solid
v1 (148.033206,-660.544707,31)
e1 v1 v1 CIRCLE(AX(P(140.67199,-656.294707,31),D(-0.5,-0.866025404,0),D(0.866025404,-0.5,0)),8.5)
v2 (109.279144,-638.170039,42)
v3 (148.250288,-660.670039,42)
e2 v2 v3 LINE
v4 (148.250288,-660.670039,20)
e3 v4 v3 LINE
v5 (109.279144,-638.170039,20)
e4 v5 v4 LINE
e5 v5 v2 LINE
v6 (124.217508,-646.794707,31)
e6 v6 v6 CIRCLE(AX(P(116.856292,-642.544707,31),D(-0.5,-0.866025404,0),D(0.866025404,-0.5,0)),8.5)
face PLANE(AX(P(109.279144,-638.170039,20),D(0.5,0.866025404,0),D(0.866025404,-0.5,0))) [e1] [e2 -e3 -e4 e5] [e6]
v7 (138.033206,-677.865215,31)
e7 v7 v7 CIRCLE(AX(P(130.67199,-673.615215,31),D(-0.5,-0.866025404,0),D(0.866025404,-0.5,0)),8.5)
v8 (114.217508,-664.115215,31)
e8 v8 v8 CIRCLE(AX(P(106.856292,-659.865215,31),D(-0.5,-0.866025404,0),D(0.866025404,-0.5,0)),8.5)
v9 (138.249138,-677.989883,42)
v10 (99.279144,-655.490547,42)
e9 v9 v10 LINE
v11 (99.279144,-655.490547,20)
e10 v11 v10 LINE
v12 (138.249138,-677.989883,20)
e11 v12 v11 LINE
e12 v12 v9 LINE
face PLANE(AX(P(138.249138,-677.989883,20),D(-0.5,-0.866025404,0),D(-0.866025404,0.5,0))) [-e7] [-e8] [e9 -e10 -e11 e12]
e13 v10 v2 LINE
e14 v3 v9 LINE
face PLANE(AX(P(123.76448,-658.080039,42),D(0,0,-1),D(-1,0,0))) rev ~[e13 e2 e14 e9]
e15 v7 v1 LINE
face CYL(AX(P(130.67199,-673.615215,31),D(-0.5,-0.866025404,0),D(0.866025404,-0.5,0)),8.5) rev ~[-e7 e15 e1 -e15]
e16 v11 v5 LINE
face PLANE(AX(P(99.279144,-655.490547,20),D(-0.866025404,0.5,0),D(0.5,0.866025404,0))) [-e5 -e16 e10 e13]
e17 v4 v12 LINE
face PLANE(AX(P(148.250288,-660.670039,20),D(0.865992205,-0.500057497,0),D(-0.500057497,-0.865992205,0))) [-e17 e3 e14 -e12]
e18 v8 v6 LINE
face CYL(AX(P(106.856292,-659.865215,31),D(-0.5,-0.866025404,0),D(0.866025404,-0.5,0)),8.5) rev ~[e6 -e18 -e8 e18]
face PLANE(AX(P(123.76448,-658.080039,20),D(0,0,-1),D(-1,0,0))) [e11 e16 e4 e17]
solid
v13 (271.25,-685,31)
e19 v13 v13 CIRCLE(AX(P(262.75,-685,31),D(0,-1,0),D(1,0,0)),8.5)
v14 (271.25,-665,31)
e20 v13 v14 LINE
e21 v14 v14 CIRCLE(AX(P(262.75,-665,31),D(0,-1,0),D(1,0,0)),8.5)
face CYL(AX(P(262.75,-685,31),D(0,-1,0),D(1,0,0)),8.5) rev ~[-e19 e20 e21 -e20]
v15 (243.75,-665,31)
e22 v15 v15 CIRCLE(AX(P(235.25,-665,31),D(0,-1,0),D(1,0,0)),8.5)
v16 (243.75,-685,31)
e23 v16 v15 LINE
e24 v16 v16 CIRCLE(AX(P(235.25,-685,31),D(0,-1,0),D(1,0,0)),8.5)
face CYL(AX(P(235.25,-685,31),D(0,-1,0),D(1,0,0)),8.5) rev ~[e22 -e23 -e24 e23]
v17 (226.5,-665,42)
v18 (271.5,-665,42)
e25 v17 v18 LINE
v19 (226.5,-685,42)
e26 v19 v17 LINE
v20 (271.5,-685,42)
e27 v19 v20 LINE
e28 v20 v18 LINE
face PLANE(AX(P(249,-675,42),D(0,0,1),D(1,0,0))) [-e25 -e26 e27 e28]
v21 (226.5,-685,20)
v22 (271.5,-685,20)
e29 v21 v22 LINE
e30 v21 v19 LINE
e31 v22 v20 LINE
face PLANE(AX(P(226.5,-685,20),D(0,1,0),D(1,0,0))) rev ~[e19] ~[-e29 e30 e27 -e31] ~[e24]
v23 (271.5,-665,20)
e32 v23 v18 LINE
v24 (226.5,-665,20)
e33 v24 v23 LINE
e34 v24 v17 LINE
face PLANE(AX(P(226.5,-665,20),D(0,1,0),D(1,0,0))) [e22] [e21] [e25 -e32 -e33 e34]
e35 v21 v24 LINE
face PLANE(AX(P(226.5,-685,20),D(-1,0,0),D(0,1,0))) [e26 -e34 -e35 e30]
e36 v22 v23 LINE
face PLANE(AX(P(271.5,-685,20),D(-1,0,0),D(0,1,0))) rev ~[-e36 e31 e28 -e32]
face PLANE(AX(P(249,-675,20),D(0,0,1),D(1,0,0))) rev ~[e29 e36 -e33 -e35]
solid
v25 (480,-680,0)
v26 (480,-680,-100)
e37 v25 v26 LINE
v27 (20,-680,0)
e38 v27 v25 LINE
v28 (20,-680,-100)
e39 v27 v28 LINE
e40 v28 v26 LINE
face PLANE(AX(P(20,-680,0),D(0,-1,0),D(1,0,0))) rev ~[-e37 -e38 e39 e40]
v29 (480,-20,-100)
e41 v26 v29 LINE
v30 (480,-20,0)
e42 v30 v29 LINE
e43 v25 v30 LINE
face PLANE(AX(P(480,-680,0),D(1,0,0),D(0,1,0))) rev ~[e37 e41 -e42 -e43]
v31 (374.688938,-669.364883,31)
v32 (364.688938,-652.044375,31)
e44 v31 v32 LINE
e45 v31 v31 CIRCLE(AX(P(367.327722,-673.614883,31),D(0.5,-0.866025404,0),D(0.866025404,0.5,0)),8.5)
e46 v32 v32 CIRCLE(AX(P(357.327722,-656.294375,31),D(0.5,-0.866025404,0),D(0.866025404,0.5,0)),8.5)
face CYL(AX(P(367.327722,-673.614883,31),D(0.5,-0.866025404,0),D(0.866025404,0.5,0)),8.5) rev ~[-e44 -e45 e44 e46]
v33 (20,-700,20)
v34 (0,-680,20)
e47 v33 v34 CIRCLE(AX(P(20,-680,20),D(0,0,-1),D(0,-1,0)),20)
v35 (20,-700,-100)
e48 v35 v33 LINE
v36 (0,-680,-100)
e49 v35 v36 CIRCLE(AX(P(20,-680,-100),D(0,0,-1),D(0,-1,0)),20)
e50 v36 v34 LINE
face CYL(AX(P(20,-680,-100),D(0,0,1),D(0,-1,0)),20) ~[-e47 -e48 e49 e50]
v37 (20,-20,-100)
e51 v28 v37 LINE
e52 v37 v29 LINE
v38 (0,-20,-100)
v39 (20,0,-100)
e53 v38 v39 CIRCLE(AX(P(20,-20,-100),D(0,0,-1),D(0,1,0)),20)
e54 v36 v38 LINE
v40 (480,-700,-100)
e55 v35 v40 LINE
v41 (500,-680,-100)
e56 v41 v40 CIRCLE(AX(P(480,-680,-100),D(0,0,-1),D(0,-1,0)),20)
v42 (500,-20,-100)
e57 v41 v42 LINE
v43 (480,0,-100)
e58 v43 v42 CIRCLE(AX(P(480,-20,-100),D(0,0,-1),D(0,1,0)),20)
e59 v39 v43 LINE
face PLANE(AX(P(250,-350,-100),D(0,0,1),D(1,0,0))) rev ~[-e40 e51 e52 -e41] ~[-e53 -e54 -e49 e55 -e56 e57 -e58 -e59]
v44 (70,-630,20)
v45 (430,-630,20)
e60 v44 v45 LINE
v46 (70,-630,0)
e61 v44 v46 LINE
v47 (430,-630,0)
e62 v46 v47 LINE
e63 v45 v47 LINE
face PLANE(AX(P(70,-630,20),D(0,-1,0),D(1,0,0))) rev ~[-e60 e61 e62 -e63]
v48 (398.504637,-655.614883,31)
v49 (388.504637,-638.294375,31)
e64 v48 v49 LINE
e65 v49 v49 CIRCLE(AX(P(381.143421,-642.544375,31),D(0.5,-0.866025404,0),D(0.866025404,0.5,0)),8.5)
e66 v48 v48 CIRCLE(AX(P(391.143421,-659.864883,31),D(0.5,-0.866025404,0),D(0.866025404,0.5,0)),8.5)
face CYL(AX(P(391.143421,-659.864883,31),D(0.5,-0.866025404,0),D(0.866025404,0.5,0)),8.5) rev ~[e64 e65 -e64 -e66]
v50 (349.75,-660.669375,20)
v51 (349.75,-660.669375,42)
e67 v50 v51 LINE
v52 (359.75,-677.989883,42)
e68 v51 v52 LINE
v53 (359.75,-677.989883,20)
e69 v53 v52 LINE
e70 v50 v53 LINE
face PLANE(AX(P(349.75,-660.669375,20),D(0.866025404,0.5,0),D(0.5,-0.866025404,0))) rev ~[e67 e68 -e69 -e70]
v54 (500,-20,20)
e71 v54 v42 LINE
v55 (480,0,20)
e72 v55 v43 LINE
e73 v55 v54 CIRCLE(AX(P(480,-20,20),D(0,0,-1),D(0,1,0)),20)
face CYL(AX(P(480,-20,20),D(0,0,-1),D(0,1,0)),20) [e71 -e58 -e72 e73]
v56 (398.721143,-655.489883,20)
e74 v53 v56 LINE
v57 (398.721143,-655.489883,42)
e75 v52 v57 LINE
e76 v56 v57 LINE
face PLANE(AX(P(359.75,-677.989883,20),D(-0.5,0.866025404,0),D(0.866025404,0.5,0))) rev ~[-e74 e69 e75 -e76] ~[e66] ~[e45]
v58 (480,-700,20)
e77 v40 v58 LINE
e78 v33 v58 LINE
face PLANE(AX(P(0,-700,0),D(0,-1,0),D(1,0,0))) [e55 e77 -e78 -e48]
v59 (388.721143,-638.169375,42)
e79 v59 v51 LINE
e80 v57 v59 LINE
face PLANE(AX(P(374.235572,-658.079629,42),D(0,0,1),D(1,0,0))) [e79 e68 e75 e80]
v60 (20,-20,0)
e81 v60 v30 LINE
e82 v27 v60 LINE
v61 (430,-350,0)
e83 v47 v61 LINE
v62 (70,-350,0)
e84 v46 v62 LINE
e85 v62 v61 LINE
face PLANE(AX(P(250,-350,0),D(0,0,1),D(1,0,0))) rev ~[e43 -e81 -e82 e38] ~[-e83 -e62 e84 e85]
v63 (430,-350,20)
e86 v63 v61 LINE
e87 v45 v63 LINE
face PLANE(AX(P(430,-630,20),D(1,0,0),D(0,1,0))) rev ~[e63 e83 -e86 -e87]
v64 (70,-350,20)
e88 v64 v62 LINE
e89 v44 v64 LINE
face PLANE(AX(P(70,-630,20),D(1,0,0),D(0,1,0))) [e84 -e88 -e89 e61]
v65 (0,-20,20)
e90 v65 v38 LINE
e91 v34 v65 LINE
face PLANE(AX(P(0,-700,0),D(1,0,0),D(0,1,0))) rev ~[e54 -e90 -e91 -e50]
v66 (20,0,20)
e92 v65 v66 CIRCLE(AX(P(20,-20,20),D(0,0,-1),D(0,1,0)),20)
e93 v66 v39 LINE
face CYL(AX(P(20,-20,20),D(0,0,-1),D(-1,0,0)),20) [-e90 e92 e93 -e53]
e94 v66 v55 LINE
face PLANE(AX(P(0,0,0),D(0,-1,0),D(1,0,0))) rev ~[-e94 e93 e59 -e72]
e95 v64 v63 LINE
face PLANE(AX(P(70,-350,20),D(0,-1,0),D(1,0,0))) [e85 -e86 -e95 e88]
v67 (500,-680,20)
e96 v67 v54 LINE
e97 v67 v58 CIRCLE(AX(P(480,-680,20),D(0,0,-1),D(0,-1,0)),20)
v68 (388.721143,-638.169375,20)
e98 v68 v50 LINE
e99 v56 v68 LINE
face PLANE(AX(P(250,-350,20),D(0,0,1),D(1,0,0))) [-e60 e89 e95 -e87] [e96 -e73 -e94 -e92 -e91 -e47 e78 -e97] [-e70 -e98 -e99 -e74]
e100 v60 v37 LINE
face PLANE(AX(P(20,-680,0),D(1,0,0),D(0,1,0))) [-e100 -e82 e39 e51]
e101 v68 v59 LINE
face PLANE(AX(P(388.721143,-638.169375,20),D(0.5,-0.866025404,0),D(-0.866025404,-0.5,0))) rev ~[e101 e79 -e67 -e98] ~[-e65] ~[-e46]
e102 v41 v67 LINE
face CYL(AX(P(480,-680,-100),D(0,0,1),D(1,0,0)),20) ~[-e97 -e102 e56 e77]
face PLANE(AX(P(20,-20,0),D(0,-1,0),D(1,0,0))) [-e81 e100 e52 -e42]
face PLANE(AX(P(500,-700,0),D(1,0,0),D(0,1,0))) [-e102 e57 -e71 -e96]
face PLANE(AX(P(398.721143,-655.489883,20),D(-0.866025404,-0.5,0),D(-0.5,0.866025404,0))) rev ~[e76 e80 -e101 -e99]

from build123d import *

# Parameters (mm, degrees)
SCHIZZO1_W                     = 500
SCHIZZO1_H                     = 700
ESTRUSIONE_ESTRUSIONE4_DEPTH   = 20
SCHIZZO1_4_W                   = 500
SCHIZZO1_4_H                   = 700
SCHIZZO1_4_W_2                 = 460
SCHIZZO1_4_H_2                 = 660
ESTRUSIONE_ESTRUSIONE5_DEPTH   = 100
ESTRUSIONE_ESTRUSIONE6_START   = 20
ESTRUSIONE_ESTRUSIONE6_DEPTH   = 22
SCHIZZO2_W                     = 45
SCHIZZO2_H                     = 20
ESTRUSIONE_ESTRUSIONE6_2_DEPTH = 22
ESTRUSIONE_ESTRUSIONE7_START   = 20
ESTRUSIONE_ESTRUSIONE7_DEPTH   = 22
SCHIZZO6_R                     = 8.5
TAGLIO_ESTRUSIONE1_DEPTH       = 22
SCHIZZO7_R                     = 8.5
TAGLIO_ESTRUSIONE2_DEPTH       = 22
SCHIZZO8_R                     = 8.5
TAGLIO_ESTRUSIONE3_DEPTH       = 22
SCHIZZO10_W                    = 360
SCHIZZO10_H                    = 280
TAGLIO_ESTRUSIONE4_DEPTH       = 22
RACCORDO1_R                    = 20
RACCORDO2_R                    = 20
RACCORDO3_R                    = 20
RACCORDO4_R                    = 20


with BuildPart() as part:
    # Schizzo1 → Estrusione-Estrusione4 (new body)
    with BuildSketch(Plane.XY):
        with Locations((250, -350)):
            Rectangle(SCHIZZO1_W, SCHIZZO1_H)
    extrude(amount=ESTRUSIONE_ESTRUSIONE4_DEPTH)

    # Schizzo1<4> → Estrusione-Estrusione5 (add)
    with BuildSketch(Plane.XY):
        with Locations((250, -350)):
            Rectangle(SCHIZZO1_4_W, SCHIZZO1_4_H)
        with Locations((250, -350)):
            Rectangle(SCHIZZO1_4_W_2, SCHIZZO1_4_H_2, mode=Mode.SUBTRACT)
    extrude(amount=-ESTRUSIONE_ESTRUSIONE5_DEPTH)

    # Schizzo2<3> → Estrusione-Estrusione7 (add)
    with BuildSketch(Plane.XY.offset(ESTRUSIONE_ESTRUSIONE7_START)):
        Polygon((359.75, -677.989883085), (398.72114317, -655.489883085), (388.72114317, -638.169375009), (349.75, -660.669375009), align=None)
    extrude(amount=ESTRUSIONE_ESTRUSIONE7_DEPTH)

    # Schizzo8 → Taglio-Estrusione3 (cut)
    with BuildSketch(Plane(origin=(383.51573113, -664.26873182, 0), x_dir=(0.866025404, 0.5, 0), z_dir=(0.5, -0.866025404, 0))):
        with Locations((-18.692302531, 31)):
            Circle(SCHIZZO8_R)
        with Locations((8.807697469, 31)):
            Circle(SCHIZZO8_R)
    extrude(amount=-TAGLIO_ESTRUSIONE3_DEPTH, mode=Mode.SUBTRACT)

    # Schizzo10 → Taglio-Estrusione4 (cut)
    with BuildSketch(Plane.XY.offset(20)):
        with Locations((250, -490)):
            Rectangle(SCHIZZO10_W, SCHIZZO10_H)
    extrude(amount=-TAGLIO_ESTRUSIONE4_DEPTH, mode=Mode.SUBTRACT)

    # Raccordo1
    raccordo1_edges = [part.edges().sort_by_distance(p)[0] for p in [
        (0, 0, -40),
    ]]
    fillet(raccordo1_edges, radius=RACCORDO1_R)

    # Raccordo2
    raccordo2_edges = [part.edges().sort_by_distance(p)[0] for p in [
        (500, 0, -40),
    ]]
    fillet(raccordo2_edges, radius=RACCORDO2_R)

    # Raccordo3
    raccordo3_edges = [part.edges().sort_by_distance(p)[0] for p in [
        (500, -700, -40),
    ]]
    fillet(raccordo3_edges, radius=RACCORDO3_R)

    # Raccordo4
    raccordo4_edges = [part.edges().sort_by_distance(p)[0] for p in [
        (0, -700, -40),
    ]]
    fillet(raccordo4_edges, radius=RACCORDO4_R)


with BuildPart() as body_2:
    # Schizzo2 → Estrusione-Estrusione6 (new body)
    with BuildSketch(Plane.XY.offset(ESTRUSIONE_ESTRUSIONE6_START)):
        Polygon((148.250287501, -660.670038978), (138.249137563, -677.989883085), (99.279144353, -655.490547015), (109.279144331, -638.170038978), align=None)
    extrude(amount=ESTRUSIONE_ESTRUSIONE6_DEPTH)

    # Schizzo6 → Taglio-Estrusione1 (cut)
    with BuildSketch(Plane(origin=(-259.01594674, -448.628779724, 0), x_dir=(0.866025404, -0.5, 0), z_dir=(-0.5, -0.866025404, 0))):
        with Locations((422.472870653, 31)):
            Circle(SCHIZZO6_R)
        with Locations((449.972870653, 31)):
            Circle(SCHIZZO6_R)
    extrude(amount=-TAGLIO_ESTRUSIONE1_DEPTH, mode=Mode.SUBTRACT)


with BuildPart() as body_3:
    # Schizzo2 → Estrusione-Estrusione6 2 (new body)
    with BuildSketch(Plane.XY.offset(ESTRUSIONE_ESTRUSIONE6_START)):
        with Locations((249, -675)):
            Rectangle(SCHIZZO2_W, SCHIZZO2_H)
    extrude(amount=ESTRUSIONE_ESTRUSIONE6_2_DEPTH)

    # Schizzo7 → Taglio-Estrusione2 (cut)
    with BuildSketch(Plane.XZ.offset(685)):
        with Locations((235.25, 31)):
            Circle(SCHIZZO7_R)
        with Locations((262.75, 31)):
            Circle(SCHIZZO7_R)
    extrude(amount=-TAGLIO_ESTRUSIONE2_DEPTH, mode=Mode.SUBTRACT)


solid = Compound([part.part, body_2.part, body_3.part])
